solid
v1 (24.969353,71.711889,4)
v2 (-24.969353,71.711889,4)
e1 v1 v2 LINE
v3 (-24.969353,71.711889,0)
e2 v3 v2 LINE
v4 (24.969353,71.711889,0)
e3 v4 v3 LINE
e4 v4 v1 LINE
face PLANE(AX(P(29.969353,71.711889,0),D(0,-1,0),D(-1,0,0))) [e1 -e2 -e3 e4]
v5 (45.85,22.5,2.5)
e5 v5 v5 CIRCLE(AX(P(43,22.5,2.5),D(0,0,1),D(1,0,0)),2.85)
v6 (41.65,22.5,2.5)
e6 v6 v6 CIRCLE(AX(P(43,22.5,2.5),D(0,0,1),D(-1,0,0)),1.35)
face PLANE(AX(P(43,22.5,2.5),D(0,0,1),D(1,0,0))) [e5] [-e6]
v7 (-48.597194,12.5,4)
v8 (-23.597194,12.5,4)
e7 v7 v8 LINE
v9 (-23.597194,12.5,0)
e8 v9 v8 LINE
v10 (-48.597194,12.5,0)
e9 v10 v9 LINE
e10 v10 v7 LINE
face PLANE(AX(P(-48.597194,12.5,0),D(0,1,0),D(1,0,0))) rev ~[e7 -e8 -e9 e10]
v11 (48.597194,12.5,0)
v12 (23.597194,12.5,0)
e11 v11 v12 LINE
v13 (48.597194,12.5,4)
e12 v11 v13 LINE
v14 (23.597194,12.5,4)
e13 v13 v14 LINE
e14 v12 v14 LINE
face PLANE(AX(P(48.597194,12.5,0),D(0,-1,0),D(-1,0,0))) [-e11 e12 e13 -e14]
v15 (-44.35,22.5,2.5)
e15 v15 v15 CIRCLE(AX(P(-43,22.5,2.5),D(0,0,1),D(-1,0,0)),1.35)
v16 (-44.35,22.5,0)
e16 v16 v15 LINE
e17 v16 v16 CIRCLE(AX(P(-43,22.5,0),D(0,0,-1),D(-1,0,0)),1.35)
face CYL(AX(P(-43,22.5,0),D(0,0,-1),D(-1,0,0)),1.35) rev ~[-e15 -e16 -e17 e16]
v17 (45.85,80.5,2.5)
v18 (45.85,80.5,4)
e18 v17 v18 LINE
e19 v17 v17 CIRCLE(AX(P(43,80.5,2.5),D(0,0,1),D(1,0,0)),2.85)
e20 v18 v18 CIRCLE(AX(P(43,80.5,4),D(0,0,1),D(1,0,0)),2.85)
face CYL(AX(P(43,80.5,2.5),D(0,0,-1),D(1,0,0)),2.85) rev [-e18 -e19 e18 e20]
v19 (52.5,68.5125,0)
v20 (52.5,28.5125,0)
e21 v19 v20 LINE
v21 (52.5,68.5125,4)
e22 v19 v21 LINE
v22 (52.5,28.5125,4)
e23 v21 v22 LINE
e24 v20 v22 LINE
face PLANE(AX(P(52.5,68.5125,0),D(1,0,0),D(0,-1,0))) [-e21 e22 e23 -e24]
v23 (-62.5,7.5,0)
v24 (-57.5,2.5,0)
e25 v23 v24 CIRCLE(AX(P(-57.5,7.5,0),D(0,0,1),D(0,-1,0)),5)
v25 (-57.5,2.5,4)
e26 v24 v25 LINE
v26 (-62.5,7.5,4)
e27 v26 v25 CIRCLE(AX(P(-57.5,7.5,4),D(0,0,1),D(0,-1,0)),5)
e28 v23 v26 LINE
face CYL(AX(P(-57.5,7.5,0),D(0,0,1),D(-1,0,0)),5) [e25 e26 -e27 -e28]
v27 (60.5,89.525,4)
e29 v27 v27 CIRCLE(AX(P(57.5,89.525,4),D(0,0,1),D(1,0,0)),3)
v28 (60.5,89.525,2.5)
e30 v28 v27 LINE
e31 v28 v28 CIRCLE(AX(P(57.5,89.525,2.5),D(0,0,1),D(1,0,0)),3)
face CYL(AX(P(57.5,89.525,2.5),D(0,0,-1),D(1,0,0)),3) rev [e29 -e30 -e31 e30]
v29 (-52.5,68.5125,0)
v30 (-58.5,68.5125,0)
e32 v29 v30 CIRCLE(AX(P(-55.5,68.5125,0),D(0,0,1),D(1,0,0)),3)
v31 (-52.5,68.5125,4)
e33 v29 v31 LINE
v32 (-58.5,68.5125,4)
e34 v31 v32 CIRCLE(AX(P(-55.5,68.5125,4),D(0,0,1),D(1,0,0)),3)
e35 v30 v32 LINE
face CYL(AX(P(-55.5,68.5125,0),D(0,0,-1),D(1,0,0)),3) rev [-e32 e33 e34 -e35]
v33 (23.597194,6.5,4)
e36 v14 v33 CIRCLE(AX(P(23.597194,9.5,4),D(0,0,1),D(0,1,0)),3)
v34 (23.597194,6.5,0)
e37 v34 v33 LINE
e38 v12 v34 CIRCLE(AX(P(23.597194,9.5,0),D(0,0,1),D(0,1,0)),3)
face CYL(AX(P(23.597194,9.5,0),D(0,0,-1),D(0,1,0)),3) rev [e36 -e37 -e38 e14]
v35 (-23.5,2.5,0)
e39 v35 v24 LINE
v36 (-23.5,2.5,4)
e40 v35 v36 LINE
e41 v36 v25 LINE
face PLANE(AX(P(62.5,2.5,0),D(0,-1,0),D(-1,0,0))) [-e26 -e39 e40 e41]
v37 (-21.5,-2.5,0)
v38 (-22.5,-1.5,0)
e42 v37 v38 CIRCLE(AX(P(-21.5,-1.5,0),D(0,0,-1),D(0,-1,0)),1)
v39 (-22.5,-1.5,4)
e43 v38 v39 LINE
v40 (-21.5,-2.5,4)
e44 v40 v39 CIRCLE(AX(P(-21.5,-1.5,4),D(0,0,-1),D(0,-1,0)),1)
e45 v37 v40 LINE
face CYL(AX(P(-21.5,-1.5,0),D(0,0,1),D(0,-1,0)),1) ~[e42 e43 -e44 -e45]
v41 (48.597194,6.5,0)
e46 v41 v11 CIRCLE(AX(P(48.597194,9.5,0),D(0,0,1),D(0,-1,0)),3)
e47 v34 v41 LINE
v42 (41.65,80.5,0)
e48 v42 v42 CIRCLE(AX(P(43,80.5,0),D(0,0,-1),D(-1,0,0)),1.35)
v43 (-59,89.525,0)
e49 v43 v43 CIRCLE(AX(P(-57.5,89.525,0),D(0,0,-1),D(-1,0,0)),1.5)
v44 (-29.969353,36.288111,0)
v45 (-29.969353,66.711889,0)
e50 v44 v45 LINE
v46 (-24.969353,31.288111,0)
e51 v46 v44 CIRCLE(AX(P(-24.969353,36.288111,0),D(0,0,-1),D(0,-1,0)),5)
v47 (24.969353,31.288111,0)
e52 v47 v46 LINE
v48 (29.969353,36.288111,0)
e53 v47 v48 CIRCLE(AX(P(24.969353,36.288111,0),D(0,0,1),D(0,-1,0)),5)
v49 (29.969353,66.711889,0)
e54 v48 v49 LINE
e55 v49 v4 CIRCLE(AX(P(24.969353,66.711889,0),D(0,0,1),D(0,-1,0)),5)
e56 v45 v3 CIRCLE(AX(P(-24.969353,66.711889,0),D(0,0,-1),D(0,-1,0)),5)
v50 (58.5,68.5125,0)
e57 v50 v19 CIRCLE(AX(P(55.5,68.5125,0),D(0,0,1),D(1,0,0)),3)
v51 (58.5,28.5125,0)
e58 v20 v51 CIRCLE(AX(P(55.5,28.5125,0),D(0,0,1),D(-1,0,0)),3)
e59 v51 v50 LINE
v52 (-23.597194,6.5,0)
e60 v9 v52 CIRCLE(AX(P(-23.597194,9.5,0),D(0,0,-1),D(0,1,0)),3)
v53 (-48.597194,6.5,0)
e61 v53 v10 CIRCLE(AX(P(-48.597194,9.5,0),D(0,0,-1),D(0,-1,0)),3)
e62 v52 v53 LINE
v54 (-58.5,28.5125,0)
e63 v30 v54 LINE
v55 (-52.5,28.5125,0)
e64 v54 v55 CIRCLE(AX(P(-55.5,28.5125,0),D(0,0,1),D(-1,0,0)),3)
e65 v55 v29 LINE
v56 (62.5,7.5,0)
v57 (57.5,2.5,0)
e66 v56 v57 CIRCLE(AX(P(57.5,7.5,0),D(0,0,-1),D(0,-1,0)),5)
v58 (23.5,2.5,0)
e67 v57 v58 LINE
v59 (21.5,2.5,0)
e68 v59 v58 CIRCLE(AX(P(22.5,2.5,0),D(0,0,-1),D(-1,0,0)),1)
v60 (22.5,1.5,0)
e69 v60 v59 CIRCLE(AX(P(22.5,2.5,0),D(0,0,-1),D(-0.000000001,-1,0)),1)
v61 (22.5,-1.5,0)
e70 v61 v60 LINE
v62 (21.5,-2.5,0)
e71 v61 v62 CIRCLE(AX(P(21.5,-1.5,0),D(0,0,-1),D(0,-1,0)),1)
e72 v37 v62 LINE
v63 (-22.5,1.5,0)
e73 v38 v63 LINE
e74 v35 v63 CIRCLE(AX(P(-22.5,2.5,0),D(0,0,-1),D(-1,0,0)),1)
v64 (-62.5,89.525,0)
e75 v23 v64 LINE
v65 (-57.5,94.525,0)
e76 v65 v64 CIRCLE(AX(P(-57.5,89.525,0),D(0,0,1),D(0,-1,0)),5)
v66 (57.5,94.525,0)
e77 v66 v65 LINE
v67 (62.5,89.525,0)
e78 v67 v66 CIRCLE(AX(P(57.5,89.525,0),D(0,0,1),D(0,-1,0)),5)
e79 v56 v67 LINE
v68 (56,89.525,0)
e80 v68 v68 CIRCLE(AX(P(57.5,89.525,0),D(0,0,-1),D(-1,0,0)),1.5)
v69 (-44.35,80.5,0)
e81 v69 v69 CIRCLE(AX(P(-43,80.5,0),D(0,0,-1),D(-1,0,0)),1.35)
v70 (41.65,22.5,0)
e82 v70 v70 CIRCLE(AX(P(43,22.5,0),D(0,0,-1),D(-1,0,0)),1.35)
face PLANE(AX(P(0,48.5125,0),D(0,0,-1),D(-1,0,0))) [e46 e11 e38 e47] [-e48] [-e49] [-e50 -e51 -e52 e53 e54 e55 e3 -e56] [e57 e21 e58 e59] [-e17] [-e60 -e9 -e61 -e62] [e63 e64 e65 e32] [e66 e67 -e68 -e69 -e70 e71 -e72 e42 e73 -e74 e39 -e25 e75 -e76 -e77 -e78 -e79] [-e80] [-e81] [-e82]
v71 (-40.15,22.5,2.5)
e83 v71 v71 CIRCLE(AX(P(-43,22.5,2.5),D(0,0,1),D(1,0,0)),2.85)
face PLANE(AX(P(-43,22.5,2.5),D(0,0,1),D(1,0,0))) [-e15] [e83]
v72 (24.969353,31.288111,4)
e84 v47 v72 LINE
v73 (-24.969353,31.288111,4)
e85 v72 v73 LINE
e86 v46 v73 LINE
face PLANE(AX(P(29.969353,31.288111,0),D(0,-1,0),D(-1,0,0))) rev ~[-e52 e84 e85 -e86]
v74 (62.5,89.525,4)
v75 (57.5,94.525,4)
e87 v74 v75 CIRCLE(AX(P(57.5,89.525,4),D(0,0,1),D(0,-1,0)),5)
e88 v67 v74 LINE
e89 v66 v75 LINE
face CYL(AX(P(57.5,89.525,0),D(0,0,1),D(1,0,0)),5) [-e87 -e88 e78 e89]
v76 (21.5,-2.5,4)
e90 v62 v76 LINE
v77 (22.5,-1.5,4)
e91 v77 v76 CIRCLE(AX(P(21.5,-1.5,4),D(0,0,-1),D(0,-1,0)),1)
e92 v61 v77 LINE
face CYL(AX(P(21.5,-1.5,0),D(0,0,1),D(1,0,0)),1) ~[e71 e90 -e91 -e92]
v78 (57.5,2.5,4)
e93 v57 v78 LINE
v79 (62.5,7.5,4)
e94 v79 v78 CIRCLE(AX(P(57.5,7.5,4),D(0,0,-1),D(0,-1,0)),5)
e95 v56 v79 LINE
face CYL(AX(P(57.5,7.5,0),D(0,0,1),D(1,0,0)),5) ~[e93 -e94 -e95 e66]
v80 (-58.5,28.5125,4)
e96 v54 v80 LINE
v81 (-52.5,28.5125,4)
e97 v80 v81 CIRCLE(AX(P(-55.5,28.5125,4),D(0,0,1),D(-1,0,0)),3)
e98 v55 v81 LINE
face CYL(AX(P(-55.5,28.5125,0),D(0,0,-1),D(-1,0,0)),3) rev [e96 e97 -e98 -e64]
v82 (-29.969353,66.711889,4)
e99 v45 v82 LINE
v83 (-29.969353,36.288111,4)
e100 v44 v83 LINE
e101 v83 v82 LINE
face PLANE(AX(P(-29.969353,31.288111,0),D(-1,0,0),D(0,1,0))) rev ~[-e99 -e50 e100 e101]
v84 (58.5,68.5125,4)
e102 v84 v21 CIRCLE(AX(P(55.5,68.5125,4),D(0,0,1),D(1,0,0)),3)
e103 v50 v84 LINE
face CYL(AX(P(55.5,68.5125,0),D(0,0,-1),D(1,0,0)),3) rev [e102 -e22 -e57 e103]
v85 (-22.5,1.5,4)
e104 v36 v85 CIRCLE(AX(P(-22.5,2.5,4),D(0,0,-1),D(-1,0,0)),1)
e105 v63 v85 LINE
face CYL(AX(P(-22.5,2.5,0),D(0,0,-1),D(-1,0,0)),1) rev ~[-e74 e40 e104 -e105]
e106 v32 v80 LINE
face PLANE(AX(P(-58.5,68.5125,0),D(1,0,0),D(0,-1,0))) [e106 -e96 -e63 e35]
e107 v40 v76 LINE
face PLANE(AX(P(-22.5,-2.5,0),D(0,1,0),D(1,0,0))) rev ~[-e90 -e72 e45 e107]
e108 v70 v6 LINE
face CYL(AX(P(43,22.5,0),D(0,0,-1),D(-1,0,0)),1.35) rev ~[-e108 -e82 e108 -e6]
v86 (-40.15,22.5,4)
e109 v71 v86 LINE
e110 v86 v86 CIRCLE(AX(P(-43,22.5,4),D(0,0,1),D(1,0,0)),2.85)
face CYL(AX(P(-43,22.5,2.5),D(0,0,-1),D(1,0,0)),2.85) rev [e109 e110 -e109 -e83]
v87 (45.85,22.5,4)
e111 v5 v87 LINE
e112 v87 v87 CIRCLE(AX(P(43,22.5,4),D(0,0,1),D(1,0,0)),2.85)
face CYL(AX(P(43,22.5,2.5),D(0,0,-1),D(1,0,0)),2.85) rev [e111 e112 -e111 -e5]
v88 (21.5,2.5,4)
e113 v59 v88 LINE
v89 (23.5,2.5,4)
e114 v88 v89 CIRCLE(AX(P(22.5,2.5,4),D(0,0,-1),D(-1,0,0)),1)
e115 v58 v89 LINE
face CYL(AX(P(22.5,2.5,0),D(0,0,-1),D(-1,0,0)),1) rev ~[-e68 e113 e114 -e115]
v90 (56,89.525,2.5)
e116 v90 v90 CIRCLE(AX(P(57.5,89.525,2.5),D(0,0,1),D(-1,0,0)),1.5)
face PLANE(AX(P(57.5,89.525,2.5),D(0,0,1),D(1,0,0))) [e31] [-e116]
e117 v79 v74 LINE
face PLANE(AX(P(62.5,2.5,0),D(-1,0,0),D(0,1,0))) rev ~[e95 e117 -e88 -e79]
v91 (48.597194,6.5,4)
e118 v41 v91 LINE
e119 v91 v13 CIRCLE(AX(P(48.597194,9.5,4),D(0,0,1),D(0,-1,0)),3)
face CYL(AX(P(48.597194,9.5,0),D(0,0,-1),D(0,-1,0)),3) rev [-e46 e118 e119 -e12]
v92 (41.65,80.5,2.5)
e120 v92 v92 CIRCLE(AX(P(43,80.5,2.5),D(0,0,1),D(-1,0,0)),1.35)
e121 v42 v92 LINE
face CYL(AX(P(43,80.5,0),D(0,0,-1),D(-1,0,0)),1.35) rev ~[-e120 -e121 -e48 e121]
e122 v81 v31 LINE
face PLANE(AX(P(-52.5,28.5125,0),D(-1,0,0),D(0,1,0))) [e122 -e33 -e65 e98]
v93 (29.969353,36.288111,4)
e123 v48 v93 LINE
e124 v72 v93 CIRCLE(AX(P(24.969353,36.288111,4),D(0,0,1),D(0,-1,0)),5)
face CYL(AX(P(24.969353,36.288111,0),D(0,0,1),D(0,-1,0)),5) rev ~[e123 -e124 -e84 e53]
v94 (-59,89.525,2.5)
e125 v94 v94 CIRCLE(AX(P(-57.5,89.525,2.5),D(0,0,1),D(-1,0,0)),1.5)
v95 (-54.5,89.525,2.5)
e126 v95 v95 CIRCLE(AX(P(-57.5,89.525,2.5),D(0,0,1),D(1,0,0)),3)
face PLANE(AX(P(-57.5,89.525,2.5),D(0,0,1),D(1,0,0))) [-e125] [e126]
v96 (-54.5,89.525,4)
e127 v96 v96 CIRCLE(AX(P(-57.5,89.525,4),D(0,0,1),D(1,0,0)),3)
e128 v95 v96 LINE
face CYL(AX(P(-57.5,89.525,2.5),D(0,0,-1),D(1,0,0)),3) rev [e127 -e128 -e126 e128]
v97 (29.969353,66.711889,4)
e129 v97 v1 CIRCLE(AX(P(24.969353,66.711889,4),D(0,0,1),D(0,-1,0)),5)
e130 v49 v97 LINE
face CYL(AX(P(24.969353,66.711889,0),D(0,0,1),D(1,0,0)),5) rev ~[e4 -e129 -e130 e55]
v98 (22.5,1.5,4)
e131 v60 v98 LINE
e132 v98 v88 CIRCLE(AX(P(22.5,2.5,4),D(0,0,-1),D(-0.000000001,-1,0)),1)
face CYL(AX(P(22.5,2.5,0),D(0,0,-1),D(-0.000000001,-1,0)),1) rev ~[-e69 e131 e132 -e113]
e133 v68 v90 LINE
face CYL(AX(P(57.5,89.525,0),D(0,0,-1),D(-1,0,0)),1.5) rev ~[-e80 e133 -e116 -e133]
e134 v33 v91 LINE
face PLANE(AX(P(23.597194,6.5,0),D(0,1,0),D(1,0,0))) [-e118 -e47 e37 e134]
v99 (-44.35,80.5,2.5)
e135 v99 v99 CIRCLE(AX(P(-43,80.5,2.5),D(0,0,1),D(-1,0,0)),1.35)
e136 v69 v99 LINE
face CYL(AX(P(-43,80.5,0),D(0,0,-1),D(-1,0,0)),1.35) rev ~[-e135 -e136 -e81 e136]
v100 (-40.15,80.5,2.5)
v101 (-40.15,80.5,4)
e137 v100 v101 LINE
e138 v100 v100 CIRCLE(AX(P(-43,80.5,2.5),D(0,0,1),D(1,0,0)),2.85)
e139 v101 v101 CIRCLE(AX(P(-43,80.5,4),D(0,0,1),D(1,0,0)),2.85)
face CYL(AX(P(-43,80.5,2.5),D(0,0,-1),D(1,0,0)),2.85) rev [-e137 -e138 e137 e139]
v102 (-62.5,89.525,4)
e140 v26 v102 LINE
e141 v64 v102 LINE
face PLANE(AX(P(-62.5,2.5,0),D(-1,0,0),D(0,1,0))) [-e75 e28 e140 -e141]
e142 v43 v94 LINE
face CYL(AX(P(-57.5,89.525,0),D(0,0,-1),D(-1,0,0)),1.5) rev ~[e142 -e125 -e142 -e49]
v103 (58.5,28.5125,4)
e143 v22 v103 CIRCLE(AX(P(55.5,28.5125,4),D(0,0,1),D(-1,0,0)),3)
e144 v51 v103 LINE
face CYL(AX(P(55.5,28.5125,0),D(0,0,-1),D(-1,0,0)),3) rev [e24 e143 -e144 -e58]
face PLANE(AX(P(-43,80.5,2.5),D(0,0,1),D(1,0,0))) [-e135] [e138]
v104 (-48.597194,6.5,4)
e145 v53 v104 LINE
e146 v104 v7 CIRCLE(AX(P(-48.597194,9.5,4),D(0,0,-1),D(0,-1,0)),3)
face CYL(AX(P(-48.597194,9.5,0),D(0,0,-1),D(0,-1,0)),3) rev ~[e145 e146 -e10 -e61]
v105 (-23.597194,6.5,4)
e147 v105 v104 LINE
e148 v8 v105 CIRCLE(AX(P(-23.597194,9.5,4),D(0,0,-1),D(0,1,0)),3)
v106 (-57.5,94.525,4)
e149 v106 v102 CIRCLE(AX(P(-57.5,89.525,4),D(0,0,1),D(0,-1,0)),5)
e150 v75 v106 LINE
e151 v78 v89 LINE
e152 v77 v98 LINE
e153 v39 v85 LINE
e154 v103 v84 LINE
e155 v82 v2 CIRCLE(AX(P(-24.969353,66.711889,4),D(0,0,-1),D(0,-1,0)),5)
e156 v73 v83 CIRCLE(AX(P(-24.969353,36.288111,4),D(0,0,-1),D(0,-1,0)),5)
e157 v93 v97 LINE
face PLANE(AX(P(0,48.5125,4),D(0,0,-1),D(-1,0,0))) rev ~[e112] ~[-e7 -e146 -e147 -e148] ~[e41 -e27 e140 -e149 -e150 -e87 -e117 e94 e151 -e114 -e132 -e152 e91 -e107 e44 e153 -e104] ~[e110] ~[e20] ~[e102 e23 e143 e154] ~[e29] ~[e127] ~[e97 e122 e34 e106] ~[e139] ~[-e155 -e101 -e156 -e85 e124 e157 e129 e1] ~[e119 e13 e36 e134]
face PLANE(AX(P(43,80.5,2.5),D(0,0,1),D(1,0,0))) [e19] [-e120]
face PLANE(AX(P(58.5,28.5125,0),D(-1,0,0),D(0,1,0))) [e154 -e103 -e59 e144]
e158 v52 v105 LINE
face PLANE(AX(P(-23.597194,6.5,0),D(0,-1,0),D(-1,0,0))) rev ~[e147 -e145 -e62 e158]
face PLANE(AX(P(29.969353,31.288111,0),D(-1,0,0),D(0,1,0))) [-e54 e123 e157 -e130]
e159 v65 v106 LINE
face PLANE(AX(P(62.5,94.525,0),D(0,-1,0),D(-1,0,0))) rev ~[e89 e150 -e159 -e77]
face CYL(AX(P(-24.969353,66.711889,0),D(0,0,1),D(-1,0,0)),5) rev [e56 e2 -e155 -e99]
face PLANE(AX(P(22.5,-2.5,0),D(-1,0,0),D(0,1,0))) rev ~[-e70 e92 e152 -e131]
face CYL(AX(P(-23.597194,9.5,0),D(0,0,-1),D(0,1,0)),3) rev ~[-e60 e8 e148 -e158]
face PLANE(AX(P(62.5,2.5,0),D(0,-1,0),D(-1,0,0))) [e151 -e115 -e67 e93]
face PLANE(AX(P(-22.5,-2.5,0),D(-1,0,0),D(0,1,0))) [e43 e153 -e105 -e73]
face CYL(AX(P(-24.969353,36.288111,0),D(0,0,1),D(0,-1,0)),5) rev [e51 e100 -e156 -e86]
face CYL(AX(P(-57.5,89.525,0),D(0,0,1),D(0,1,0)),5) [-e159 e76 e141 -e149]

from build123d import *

# Parameters (mm, degrees)
SKETCH_1_W          = 45
SKETCH_1_H          = 5
EXTRUDE_1_DEPTH     = 4
SKETCH_2_W          = 125
SKETCH_2_H          = 92.025
SKETCH_2_R          = 1.5
SKETCH_2_R_2        = 1.35
SKETCH_2_W_2        = 59.93870536
SKETCH_2_H_2        = 40.423778034
SKETCH_2_W_3        = 45
SKETCH_2_H_3        = 5
EXTRUDE_2_DEPTH     = 4
CUT_EXTRUDE_1_DEPTH = 4
FILLET_1_R          = 5
FILLET_2_R          = 1
CUT_EXTRUDE_START   = -1.5
SKETCH_4_R          = 2.85
SKETCH_4_R_2        = 1.35
SKETCH_4_R_3        = 3
SKETCH_4_R_4        = 1.5
CUT_EXTRUDE_2_DEPTH = 1.5


with BuildPart() as part:
    # 草图1 → 凸台-拉伸1 (new body)
    with BuildSketch(Plane.XY):
        Rectangle(SKETCH_1_W, SKETCH_1_H)
    extrude(amount=EXTRUDE_1_DEPTH)

    # 草图2 → 凸台-拉伸2 (add)
    # profile 1 of 2: a face of its own
    with BuildSketch(Plane(origin=(0, 0, 0), x_dir=(-1, 0, 0), z_dir=(0, 0, -1))):
        with Locations((0, 48.5125)):
            Rectangle(SKETCH_2_W, SKETCH_2_H)
        with Locations((-57.5, 89.525)):
            Circle(SKETCH_2_R, mode=Mode.SUBTRACT)
        with Locations((57.5, 89.525)):
            Circle(SKETCH_2_R, mode=Mode.SUBTRACT)
        with Locations((-43, 80.5)):
            Circle(SKETCH_2_R_2, mode=Mode.SUBTRACT)
        with Locations((43, 80.5)):
            Circle(SKETCH_2_R_2, mode=Mode.SUBTRACT)
        with Locations((43, 22.5)):
            Circle(SKETCH_2_R_2, mode=Mode.SUBTRACT)
        with Locations((-43, 22.5)):
            Circle(SKETCH_2_R_2, mode=Mode.SUBTRACT)
        with BuildLine():
            Line((-52.5, 68.5125), (-52.5, 28.5125))
            ThreePointArc((-52.5, 28.5125), (-55.5, 25.5125), (-58.5, 28.5125))
            Line((-58.5, 28.5125), (-58.5, 68.5125))
            ThreePointArc((-58.5, 68.5125), (-55.5, 71.5125), (-52.5, 68.5125))
        make_face(mode=Mode.SUBTRACT)
        with BuildLine():
            Line((58.5, 68.5125), (58.5, 28.5125))
            ThreePointArc((58.5, 28.5125), (55.5, 25.5125), (52.5, 28.5125))
            Line((52.5, 28.5125), (52.5, 68.5125))
            ThreePointArc((52.5, 68.5125), (55.5, 71.5125), (58.5, 68.5125))
        make_face(mode=Mode.SUBTRACT)
        with Locations((0, 51.5)):
            Rectangle(SKETCH_2_W_2, SKETCH_2_H_2, mode=Mode.SUBTRACT)
        with BuildLine():
            Line((-48.597194221, 12.5), (-23.597194221, 12.5))
            ThreePointArc((-23.597194221, 12.5), (-20.597194221, 9.5), (-23.597194221, 6.5))
            Line((-23.597194221, 6.5), (-48.597194221, 6.5))
            ThreePointArc((-48.597194221, 6.5), (-51.597194221, 9.5), (-48.597194221, 12.5))
        make_face(mode=Mode.SUBTRACT)
        with BuildLine():
            Line((48.597194221, 12.5), (23.597194221, 12.5))
            ThreePointArc((23.597194221, 12.5), (20.597194221, 9.5), (23.597194221, 6.5))
            Line((23.597194221, 6.5), (48.597194221, 6.5))
            ThreePointArc((48.597194221, 6.5), (51.597194221, 9.5), (48.597194221, 12.5))
        make_face(mode=Mode.SUBTRACT)
    # profile 2 of 2: a face of its own
    with BuildSketch(Plane(origin=(0, 0, 0), x_dir=(-1, 0, 0), z_dir=(0, 0, -1))):
        Rectangle(SKETCH_2_W_3, SKETCH_2_H_3)
    extrude(amount=-EXTRUDE_2_DEPTH)

    # 草图3 → 切除-拉伸1 (cut)
    with BuildSketch(Plane(origin=(0, 0, 0), x_dir=(-1, 0, 0), z_dir=(0, 0, -1))):
        with BuildLine():
            Line((-23.5, 2.5), (-22.5, 2.5))
            Line((-22.5, 2.5), (-22.5, 1.5))
            ThreePointArc((-22.5, 1.5), (-21.792893219, 1.792893219), (-21.5, 2.5))
            ThreePointArc((-21.5, 2.5), (-22.5, 3.5), (-23.5, 2.5))
        make_face()
        with BuildLine():
            Line((-22.5, 1.5), (-22.5, 2.5))
            Line((-22.5, 2.5), (-23.5, 2.5))
            ThreePointArc((-23.5, 2.5), (-23.207106781, 1.792893219), (-22.5, 1.5))
        make_face()
        with BuildLine():
            ThreePointArc((23.5, 2.5), (21.792893219, 3.207106781), (22.5, 1.5))
            Line((22.5, 1.5), (22.5, 2.5))
            Line((22.5, 2.5), (23.5, 2.5))
        make_face()
        with BuildLine():
            Line((22.5, 2.5), (22.5, 1.5))
            ThreePointArc((22.5, 1.5), (23.207106781, 1.792893219), (23.5, 2.5))
            Line((23.5, 2.5), (22.5, 2.5))
        make_face()
    extrude(amount=-CUT_EXTRUDE_1_DEPTH, mode=Mode.SUBTRACT)

    # 圆角1
    fillet_1_edges = [part.edges().sort_by_distance(p)[0] for p in [
        (-62.5, 2.5, 2),
        (-29.96935268, 71.711889017, 2),
        (29.96935268, 71.711889017, 2),
        (29.96935268, 31.288110983, 2),
        (62.5, 94.525, 2),
        (-62.5, 94.525, 2),
        (-29.96935268, 31.288110983, 2),
        (62.5, 2.5, 2),
    ]]
    fillet(fillet_1_edges, radius=FILLET_1_R)

    # 圆角2
    fillet_2_edges = [part.edges().sort_by_distance(p)[0] for p in [
        (22.5, -2.5, 2),
        (-22.5, -2.5, 2),
    ]]
    fillet(fillet_2_edges, radius=FILLET_2_R)

    # 草图4 → 切除-拉伸2 (cut)
    # profile 1 of 6: a face of its own
    with BuildSketch(Plane.XY.offset(4).offset(CUT_EXTRUDE_START)):
        with Locations((43, 22.5)):
            Circle(SKETCH_4_R)
        with Locations(Location((43, 22.5, 0), (0, 0, 180))):
            Circle(SKETCH_4_R_2, mode=Mode.SUBTRACT)
    # profile 2 of 6: a face of its own
    with BuildSketch(Plane.XY.offset(4).offset(CUT_EXTRUDE_START)):
        with Locations((43, 80.5)):
            Circle(SKETCH_4_R)
        with Locations(Location((43, 80.5, 0), (0, 0, 180))):
            Circle(SKETCH_4_R_2, mode=Mode.SUBTRACT)
    # profile 3 of 6: a face of its own
    with BuildSketch(Plane.XY.offset(4).offset(CUT_EXTRUDE_START)):
        with Locations((-43, 22.5)):
            Circle(SKETCH_4_R)
        with Locations(Location((-43, 22.5, 0), (0, 0, 180))):
            Circle(SKETCH_4_R_2, mode=Mode.SUBTRACT)
    # profile 4 of 6: a face of its own
    with BuildSketch(Plane.XY.offset(4).offset(CUT_EXTRUDE_START)):
        with Locations((-43, 80.5)):
            Circle(SKETCH_4_R)
        with Locations(Location((-43, 80.5, 0), (0, 0, 180))):
            Circle(SKETCH_4_R_2, mode=Mode.SUBTRACT)
    # profile 5 of 6: a face of its own
    with BuildSketch(Plane.XY.offset(4).offset(CUT_EXTRUDE_START)):
        with Locations((57.5, 89.525)):
            Circle(SKETCH_4_R_3)
        with Locations(Location((57.5, 89.525, 0), (0, 0, 180))):
            Circle(SKETCH_4_R_4, mode=Mode.SUBTRACT)
    # profile 6 of 6: a face of its own
    with BuildSketch(Plane.XY.offset(4).offset(CUT_EXTRUDE_START)):
        with Locations((-57.5, 89.525)):
            Circle(SKETCH_4_R_3)
        with Locations(Location((-57.5, 89.525, 0), (0, 0, 180))):
            Circle(SKETCH_4_R_4, mode=Mode.SUBTRACT)
    extrude(amount=CUT_EXTRUDE_2_DEPTH, mode=Mode.SUBTRACT)


solid = part.part
